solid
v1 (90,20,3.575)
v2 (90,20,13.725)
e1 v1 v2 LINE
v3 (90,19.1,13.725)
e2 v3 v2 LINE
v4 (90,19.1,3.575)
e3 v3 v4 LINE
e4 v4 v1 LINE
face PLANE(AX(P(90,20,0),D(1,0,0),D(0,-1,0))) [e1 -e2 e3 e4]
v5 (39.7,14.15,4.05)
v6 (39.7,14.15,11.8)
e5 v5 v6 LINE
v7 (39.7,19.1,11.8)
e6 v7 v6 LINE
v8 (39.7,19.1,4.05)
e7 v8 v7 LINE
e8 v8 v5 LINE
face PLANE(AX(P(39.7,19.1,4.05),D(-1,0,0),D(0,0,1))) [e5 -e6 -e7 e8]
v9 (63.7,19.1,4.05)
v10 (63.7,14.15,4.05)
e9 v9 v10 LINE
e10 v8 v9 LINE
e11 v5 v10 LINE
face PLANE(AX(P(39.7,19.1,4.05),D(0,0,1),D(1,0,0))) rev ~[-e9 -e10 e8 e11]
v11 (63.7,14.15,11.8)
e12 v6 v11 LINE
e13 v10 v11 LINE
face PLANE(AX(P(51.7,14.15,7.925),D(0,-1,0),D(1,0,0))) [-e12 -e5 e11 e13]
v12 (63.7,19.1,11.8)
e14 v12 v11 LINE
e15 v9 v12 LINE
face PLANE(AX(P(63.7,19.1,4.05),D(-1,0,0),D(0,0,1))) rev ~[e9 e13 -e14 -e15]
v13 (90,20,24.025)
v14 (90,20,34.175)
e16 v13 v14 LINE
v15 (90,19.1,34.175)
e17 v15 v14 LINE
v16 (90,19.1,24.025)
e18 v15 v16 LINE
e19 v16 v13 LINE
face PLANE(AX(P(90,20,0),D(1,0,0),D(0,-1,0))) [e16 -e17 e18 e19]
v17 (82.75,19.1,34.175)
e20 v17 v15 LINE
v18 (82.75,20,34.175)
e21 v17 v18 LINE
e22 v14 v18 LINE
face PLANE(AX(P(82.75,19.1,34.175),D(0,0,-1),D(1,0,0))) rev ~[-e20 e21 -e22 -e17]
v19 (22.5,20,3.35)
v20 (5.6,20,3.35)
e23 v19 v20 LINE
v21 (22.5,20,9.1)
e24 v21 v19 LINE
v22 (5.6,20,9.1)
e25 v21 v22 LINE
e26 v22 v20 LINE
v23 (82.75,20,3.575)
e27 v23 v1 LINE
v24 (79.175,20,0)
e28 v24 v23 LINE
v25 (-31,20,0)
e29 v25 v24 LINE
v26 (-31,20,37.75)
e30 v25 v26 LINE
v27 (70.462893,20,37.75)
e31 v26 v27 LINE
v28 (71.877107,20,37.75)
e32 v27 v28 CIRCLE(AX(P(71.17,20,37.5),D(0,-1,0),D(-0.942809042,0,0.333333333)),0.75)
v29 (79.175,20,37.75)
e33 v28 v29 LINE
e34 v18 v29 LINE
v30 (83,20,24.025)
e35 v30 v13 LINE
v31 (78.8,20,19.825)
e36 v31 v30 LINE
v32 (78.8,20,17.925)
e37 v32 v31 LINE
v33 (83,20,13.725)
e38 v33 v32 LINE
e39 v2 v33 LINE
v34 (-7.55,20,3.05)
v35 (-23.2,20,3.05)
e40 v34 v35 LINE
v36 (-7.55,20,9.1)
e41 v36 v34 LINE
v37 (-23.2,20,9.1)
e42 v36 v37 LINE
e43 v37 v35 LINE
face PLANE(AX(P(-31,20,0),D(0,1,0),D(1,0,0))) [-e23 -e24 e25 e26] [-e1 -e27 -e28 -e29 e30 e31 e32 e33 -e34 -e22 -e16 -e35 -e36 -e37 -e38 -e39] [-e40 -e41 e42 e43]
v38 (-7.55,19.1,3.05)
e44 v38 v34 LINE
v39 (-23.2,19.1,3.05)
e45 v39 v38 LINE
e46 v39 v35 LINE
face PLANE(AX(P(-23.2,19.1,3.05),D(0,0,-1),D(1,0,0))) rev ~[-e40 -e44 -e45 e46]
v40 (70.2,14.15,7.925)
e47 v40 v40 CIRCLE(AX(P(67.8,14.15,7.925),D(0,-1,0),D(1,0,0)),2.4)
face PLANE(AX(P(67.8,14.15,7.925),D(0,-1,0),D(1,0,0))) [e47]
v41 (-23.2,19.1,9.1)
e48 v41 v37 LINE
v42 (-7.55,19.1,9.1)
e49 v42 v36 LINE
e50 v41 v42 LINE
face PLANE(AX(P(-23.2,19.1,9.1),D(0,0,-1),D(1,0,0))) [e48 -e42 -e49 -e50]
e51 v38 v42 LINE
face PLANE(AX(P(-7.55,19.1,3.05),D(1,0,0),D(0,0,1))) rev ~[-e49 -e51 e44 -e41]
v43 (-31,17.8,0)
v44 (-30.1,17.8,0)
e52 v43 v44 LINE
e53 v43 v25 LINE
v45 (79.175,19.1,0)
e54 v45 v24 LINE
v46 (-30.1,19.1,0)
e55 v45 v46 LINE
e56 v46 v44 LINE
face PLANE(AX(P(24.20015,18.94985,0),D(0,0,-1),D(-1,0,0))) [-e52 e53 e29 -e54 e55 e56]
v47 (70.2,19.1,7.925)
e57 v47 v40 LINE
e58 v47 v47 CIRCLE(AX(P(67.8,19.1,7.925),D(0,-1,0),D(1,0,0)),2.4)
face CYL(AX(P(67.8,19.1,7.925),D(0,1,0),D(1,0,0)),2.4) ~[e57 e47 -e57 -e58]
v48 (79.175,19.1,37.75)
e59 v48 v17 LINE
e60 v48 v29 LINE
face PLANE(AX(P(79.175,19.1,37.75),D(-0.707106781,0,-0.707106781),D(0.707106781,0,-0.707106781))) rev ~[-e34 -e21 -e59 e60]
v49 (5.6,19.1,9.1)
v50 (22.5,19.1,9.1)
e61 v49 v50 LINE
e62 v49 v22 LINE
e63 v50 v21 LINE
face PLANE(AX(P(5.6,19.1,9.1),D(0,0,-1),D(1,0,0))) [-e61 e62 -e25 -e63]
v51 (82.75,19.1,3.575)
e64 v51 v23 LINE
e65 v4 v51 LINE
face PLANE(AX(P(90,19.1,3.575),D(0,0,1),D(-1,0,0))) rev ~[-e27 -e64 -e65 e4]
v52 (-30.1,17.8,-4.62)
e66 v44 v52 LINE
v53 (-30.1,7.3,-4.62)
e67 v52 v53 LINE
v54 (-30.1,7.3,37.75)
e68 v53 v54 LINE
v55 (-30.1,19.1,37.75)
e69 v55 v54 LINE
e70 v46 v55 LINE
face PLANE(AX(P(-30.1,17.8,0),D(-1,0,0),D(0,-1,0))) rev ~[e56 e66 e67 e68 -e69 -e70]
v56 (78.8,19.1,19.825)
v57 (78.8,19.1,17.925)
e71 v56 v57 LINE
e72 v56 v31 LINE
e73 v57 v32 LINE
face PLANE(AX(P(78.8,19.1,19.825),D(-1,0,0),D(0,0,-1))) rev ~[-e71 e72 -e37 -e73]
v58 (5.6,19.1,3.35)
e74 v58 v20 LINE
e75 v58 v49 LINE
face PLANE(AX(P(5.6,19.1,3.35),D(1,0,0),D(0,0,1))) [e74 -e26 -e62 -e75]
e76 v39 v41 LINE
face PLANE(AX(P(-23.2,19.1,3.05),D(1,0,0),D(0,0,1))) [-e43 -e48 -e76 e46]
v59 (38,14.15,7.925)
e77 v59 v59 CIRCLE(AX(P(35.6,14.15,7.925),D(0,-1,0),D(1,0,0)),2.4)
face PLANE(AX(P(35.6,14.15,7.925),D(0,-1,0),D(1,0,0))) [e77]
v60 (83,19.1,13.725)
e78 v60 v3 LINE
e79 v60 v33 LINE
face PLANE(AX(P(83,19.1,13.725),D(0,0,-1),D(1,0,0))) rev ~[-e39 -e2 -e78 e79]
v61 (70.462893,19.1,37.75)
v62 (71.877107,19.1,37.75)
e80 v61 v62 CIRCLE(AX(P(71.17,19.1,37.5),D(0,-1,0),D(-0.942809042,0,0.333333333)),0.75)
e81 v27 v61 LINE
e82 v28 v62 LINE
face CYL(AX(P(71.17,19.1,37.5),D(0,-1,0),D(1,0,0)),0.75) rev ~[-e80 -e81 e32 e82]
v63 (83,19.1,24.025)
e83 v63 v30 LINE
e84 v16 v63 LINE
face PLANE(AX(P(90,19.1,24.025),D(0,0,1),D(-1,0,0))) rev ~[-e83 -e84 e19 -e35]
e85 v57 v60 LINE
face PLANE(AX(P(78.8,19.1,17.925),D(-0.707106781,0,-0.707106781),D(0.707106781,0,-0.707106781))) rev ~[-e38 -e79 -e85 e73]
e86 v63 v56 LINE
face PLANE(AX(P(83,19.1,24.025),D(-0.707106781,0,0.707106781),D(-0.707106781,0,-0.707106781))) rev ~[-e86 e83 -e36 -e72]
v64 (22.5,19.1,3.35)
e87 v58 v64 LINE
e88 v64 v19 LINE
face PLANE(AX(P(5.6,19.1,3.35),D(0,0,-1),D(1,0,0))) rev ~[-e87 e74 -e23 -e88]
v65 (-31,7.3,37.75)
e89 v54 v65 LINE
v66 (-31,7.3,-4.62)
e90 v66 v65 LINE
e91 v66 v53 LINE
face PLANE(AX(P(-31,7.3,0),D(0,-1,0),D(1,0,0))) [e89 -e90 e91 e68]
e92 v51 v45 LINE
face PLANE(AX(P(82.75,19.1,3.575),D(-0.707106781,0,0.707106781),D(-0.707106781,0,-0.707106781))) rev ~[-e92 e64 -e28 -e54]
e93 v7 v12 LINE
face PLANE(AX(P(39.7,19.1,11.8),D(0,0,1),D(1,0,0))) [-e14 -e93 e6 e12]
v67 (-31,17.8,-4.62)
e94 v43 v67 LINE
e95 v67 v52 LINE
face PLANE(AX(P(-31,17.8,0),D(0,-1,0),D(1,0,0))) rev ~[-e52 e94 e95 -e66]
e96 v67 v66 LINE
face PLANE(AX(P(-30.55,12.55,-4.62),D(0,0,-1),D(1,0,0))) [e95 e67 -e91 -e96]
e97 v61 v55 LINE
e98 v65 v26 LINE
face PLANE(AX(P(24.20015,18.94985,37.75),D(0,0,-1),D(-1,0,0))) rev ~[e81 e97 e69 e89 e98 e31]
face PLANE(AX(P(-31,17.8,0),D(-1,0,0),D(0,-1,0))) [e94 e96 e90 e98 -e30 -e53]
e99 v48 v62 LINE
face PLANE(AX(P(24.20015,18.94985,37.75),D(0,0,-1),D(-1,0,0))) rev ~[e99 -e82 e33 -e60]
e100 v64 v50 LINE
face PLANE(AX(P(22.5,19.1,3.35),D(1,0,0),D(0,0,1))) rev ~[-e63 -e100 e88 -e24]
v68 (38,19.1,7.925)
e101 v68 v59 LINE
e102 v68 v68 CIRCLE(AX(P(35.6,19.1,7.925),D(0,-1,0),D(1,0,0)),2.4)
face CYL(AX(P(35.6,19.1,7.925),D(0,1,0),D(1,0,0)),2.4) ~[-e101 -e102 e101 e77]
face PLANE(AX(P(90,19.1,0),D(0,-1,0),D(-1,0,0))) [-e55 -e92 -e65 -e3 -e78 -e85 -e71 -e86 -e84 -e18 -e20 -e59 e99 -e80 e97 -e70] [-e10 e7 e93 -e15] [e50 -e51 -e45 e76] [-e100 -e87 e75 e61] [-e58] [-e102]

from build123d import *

# Parameters (mm, degrees)
PAD_DEPTH       = 37.75
SKETCH001_R     = 0.75
SKETCH001_W     = 16.9
SKETCH001_H     = 5.75
SKETCH001_W_2   = 15.65
SKETCH001_H_2   = 6.05
POCKET_DEPTH    = 5
SKETCH003_R     = 2.4
SKETCH003_W     = 24
SKETCH003_H     = 7.75
PAD001_DEPTH    = 4.95
POCKET001_DEPTH = 4.9
SKETCH004_W     = 0.9
SKETCH004_H     = 10.5
PAD002_DEPTH    = 4.62


with BuildPart() as part:
    # Sketch → Pad (new body)
    with BuildSketch(Plane.XY):
        Polygon((-31, 20), (90, 20), (90, 19.1), (-30.1, 19.1), (-30.1, 7.3), (-31, 7.3), align=None)
    extrude(amount=PAD_DEPTH)

    # Sketch001 (on Face3 of Pad) → Pocket (cut)
    with BuildSketch(Plane.XZ.offset(-19.1)):
        with Locations((71.17, 37.5)):
            Circle(SKETCH001_R)
        Polygon((90, 34.175), (90, 24.025), (83, 24.025), (78.8, 19.825), (78.8, 17.925), (83, 13.725), (90, 13.725), (90, 3.575), (82.75, 3.575), (79.175, 0), (79.175, -11.454838), (99.765602, -11.454838), (99.765602, 41.466698), (78.897491, 41.466698), (79.175, 37.75), (82.75, 34.175), align=None)
        with Locations((14.05, 6.225)):
            Rectangle(SKETCH001_W, SKETCH001_H)
        with Locations((-15.375, 6.075)):
            Rectangle(SKETCH001_W_2, SKETCH001_H_2)
    extrude(amount=-POCKET_DEPTH, mode=Mode.SUBTRACT)

    # Sketch003 → Pad001 (join)
    with BuildSketch(Plane.XZ.offset(-19.1)):
        with Locations((67.8, 7.925)):
            Circle(SKETCH003_R)
        with Locations((35.6, 7.925)):
            Circle(SKETCH003_R)
        with Locations((51.7, 7.925)):
            Rectangle(SKETCH003_W, SKETCH003_H)
    extrude(amount=PAD001_DEPTH)

    # Sketch001 (on Face3 of Pad) → Pocket001 (cut)
    with BuildSketch(Plane.XZ.offset(-19.1)):
        with Locations((71.17, 37.5)):
            Circle(SKETCH001_R)
        Polygon((90, 34.175), (90, 24.025), (83, 24.025), (78.8, 19.825), (78.8, 17.925), (83, 13.725), (90, 13.725), (90, 3.575), (82.75, 3.575), (79.175, 0), (79.175, -11.454838), (99.765602, -11.454838), (99.765602, 41.466698), (78.897491, 41.466698), (79.175, 37.75), (82.75, 34.175), align=None)
        with Locations((14.05, 6.225)):
            Rectangle(SKETCH001_W, SKETCH001_H)
        with Locations((-15.375, 6.075)):
            Rectangle(SKETCH001_W_2, SKETCH001_H_2)
    extrude(amount=-POCKET001_DEPTH, mode=Mode.SUBTRACT)

    # Sketch004 (on Face2 of Pocket001) → Pad002 (join)
    with BuildSketch(Plane(origin=(0, 0, 0), x_dir=(1, 0, 0), z_dir=(0, 0, -1))):
        with Locations((-30.55, -12.55)):
            Rectangle(SKETCH004_W, SKETCH004_H)
    extrude(amount=PAD002_DEPTH)


solid = part.part
